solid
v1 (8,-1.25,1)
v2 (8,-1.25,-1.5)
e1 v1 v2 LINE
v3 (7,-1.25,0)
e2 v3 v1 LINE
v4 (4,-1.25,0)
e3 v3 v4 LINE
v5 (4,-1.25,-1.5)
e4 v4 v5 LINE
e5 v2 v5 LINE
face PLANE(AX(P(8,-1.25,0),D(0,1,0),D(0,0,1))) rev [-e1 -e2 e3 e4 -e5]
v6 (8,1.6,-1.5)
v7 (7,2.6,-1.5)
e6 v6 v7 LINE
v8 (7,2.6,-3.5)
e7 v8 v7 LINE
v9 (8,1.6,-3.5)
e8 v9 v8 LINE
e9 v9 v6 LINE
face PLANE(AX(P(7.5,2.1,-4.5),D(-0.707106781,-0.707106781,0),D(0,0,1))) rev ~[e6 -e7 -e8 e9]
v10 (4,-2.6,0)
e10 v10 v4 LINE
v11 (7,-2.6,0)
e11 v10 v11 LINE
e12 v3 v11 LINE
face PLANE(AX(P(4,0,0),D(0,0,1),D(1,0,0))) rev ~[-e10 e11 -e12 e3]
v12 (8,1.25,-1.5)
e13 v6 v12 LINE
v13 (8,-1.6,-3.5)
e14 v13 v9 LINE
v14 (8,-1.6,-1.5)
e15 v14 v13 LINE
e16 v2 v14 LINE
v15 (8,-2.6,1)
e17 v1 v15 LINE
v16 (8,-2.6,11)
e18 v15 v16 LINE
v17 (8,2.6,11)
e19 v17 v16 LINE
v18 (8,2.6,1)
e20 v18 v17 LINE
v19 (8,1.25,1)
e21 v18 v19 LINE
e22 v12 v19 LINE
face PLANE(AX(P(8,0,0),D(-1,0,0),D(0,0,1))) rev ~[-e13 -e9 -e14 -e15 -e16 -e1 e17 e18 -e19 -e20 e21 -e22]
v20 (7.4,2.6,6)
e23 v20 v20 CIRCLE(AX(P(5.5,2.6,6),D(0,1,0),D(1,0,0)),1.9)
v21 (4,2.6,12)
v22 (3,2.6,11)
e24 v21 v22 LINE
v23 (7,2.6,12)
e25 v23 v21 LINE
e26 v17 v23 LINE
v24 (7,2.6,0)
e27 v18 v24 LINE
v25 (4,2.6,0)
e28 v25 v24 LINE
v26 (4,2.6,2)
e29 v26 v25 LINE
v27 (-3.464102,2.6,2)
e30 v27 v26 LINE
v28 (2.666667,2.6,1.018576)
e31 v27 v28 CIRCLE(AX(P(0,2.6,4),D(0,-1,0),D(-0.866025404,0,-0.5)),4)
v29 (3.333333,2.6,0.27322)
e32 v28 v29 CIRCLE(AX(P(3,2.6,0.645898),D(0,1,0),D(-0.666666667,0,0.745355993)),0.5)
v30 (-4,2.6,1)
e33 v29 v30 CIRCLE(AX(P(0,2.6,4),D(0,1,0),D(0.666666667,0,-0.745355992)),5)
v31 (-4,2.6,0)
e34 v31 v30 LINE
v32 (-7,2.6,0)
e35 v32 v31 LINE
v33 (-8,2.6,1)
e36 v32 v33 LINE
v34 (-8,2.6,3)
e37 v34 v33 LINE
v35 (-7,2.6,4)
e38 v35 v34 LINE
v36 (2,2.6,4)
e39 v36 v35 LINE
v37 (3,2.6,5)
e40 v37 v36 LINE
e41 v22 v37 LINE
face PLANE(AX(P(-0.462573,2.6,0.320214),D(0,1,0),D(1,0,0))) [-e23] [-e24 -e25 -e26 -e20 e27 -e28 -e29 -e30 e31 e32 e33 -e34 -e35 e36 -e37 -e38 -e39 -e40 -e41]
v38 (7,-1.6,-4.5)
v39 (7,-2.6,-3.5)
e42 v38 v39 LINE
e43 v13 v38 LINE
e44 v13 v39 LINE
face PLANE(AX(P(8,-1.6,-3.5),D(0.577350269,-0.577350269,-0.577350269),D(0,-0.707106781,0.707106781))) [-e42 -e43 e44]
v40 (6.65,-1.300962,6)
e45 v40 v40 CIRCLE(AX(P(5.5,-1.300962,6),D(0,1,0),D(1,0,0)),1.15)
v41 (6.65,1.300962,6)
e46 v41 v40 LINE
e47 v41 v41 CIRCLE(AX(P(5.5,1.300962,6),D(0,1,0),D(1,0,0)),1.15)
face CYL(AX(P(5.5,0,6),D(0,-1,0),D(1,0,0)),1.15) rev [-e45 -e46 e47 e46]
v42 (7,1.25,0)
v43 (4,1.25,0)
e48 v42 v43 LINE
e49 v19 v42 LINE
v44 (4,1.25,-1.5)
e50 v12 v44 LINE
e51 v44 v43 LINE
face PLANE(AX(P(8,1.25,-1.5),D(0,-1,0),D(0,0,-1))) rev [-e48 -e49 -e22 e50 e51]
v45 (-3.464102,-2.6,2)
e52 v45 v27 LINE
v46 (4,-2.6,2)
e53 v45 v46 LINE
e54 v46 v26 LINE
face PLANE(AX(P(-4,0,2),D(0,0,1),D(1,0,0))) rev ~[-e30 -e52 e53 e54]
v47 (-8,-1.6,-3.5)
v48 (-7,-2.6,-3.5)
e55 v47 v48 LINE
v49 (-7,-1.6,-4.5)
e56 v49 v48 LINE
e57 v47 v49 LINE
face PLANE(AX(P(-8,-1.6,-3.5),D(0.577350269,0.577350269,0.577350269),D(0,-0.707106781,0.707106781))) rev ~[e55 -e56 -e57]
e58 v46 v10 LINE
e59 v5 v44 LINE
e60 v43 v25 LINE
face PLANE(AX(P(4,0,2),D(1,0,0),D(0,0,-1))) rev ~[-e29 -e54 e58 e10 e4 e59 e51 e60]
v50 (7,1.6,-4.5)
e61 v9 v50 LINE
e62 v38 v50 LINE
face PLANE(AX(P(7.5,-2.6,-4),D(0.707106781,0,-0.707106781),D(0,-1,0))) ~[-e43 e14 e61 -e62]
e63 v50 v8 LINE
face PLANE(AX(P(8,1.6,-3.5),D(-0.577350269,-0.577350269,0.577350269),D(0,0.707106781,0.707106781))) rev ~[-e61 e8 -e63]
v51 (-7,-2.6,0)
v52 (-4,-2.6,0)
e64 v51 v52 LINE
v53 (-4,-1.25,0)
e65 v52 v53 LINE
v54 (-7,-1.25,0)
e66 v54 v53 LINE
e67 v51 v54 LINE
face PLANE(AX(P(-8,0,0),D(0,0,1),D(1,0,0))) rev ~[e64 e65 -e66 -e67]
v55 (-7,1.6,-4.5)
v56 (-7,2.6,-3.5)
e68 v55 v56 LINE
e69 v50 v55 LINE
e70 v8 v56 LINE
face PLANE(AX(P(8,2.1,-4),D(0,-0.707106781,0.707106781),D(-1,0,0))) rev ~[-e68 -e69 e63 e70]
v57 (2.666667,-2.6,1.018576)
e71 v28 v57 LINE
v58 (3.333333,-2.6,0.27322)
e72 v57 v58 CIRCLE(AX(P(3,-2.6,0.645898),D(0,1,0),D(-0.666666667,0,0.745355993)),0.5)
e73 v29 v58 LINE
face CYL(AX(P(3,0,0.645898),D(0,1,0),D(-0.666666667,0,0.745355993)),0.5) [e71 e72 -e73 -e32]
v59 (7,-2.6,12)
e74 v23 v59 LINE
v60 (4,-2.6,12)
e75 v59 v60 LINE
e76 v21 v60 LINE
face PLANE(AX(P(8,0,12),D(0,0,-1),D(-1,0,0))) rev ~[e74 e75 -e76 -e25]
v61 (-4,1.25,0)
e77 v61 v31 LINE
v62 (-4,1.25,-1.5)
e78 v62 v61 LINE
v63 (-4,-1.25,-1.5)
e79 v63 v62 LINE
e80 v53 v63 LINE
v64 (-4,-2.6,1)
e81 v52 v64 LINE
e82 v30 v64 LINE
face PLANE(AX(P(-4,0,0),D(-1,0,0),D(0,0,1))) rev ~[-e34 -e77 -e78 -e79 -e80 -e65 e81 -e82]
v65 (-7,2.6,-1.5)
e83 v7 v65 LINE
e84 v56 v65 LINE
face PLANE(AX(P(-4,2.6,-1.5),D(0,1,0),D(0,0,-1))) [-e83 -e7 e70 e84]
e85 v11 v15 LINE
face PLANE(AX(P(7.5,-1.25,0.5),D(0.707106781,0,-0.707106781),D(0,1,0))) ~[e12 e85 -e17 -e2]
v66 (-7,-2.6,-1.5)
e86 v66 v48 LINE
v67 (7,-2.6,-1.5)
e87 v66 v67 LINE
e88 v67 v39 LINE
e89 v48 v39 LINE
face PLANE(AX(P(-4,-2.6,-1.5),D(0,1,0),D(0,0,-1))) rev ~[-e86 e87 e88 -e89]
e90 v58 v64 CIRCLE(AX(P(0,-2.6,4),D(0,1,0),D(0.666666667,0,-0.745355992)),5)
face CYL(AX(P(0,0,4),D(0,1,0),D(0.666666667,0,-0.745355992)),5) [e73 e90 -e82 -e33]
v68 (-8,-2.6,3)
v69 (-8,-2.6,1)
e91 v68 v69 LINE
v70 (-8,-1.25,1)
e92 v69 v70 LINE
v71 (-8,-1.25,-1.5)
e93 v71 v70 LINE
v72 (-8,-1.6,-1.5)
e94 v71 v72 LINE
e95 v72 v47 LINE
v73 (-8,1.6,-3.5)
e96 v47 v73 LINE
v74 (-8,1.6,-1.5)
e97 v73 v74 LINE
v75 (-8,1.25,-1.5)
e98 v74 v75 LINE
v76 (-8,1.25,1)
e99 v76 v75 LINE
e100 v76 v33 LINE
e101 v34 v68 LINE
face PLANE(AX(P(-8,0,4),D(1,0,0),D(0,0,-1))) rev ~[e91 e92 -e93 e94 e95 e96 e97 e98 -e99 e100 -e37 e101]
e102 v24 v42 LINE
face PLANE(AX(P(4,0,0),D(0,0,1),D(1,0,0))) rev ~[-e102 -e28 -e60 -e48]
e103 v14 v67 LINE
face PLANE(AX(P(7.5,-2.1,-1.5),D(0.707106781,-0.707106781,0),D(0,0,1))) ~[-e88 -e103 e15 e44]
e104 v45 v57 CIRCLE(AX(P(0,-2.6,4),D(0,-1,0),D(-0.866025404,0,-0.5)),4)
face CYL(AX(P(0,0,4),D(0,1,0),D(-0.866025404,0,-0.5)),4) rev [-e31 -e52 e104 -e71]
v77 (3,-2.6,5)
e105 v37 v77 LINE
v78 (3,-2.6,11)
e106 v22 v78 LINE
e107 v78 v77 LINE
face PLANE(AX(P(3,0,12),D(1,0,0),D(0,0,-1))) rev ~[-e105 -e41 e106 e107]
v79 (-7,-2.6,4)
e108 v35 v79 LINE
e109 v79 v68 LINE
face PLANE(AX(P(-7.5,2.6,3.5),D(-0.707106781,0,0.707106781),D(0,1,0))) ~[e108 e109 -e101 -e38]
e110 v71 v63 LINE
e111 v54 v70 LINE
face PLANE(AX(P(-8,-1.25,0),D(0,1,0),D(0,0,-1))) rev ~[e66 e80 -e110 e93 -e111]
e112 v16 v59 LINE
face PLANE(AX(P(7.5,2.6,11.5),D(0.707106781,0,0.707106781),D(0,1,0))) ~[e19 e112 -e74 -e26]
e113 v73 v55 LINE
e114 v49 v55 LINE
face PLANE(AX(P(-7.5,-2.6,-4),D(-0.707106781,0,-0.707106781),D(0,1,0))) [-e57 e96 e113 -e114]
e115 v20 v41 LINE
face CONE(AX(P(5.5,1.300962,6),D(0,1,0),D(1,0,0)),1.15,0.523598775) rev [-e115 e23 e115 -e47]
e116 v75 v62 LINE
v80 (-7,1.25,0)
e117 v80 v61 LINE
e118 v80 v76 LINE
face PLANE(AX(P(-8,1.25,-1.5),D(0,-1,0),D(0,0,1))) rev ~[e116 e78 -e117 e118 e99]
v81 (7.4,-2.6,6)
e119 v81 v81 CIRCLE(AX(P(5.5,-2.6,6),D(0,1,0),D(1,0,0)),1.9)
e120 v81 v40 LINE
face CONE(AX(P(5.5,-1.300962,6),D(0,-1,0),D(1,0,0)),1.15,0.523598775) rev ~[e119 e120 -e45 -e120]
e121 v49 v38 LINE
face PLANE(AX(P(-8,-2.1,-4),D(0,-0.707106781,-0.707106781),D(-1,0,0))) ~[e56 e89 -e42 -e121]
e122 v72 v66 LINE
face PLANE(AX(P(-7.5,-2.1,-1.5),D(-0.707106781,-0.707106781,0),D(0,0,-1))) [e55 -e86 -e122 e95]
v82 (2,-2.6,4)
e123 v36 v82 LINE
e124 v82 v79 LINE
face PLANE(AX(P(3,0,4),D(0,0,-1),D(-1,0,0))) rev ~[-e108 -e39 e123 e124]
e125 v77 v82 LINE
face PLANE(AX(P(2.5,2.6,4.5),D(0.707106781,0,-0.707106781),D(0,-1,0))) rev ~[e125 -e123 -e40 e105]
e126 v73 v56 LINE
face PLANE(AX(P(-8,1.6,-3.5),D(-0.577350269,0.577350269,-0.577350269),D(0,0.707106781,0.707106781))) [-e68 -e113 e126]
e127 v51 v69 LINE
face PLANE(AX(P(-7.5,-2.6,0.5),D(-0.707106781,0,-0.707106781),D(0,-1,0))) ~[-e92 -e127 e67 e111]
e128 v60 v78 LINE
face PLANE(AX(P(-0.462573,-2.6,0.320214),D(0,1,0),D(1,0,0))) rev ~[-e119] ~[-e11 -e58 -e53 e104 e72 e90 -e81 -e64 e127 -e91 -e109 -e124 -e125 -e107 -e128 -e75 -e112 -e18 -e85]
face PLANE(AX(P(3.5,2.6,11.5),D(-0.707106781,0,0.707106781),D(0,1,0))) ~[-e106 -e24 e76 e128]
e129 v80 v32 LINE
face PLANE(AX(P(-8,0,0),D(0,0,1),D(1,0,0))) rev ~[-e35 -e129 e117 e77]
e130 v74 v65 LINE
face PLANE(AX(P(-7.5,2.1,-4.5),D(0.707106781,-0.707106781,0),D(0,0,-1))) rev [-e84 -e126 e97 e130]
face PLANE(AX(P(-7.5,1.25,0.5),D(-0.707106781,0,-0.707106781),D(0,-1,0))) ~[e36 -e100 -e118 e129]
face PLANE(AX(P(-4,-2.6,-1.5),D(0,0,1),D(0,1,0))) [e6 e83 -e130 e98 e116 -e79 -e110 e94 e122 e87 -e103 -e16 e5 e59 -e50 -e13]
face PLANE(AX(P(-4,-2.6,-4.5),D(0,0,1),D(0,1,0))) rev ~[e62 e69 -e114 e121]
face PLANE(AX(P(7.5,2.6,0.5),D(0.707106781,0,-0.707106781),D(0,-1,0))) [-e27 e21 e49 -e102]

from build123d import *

# Parameters (mm, degrees)
SKETCH1_R             = 1.15
BOSS_EXTRUDE1_DEPTH   = 2.6
BOSS_EXTRUDE2_DEPTH   = 4
SKETCH3_W             = 3
SKETCH3_H             = 5.2
BOSS_EXTRUDE3_DEPTH   = 8
BOSS_EXTRUDE4_DEPTH   = 2.6
CHAMFER1_SIZE         = 1
CHAMFER2_SIZE         = 0.75
CHAMFER2_SIZE2        = 1.299038106
CHAMFER2_PART_2_SIZE  = 0.75
CHAMFER2_PART_2_SIZE2 = 1.299038106


with BuildPart() as part:
    # Sketch1 → Boss-Extrude1 (new body, symmetric)
    with BuildSketch(Plane(origin=(0, 0, 0), x_dir=(1, 0, 0), z_dir=(0, 1, 0))):
        Polygon((4, 0), (8, 0), (8, -12), (3, -12), (3, -4), (-8, -4), (-8, 0), (-4, 0), (-4, -2), (4, -2), align=None)
        with Locations((5.5, -6)):
            Circle(SKETCH1_R, mode=Mode.SUBTRACT)
    extrude(amount=BOSS_EXTRUDE1_DEPTH, both=True)

    # Sketch2 → Boss-Extrude2 (add)
    with BuildSketch(Plane.ZY.offset(8)):
        Polygon((-1.5, -1.25), (-1.5, -2.6), (-4.5, -2.6), (-4.5, 2.6), (-1.5, 2.6), (-1.5, 1.25), (0, 1.25), (0, -1.25), align=None)
    boss_extrude2 = extrude(amount=-BOSS_EXTRUDE2_DEPTH)

    # Mirror1: Boss-Extrude2 across plane
    add(boss_extrude2.mirror(Plane(origin=(0, 0, 0), x_dir=(0, 0, 1), z_dir=(1, 0, 0))))

    # Sketch3 → Boss-Extrude3 (add)
    with BuildSketch(Plane(origin=(-4, 0, 0), x_dir=(0, 0, -1), z_dir=(1, 0, 0))):
        with Locations((3, 0)):
            Rectangle(SKETCH3_W, SKETCH3_H)
    extrude(amount=BOSS_EXTRUDE3_DEPTH)

    # Sketch4 → Boss-Extrude4 (add, symmetric)
    with BuildSketch(Plane(origin=(0, 0, 0), x_dir=(1, 0, 0), z_dir=(0, 1, 0))):
        with BuildLine():
            Line((-4, -1), (-4, -2))
            Line((-4, -2), (-3.464101615, -2))
            ThreePointArc((-3.464101615, -2), (-0.63227674, -0.050287843), (2.666666667, -1.01857603))
            ThreePointArc((2.666666667, -1.01857603), (3.372677996, -0.979231367), (3.333333333, -0.273220038))
            ThreePointArc((3.333333333, -0.273220038), (-0.493116, 0.975624243), (-4, -1))
        make_face()
    extrude(amount=BOSS_EXTRUDE4_DEPTH, both=True)

    # Chamfer1
    chamfer1_edges = [part.edges().sort_by_distance(p)[0] for p in [
        (-8, 1.925, 0),
        (8, 1.925, 0),
        (8, 0, 12),
        (3, 0, 12),
        (3, 0, 4),
        (-8, 0, 4),
        (-8, -1.925, 0),
        (0, -2.6, -4.5),
        (0, 2.6, -4.5),
        (-8, 0, -4.5),
        (-8, -2.6, -3),
        (-8, 2.6, -3),
        (8, -1.925, 0),
        (8, 0, -4.5),
        (8, -2.6, -3),
        (8, 2.6, -3),
    ]]
    chamfer(chamfer1_edges, length=CHAMFER1_SIZE)

    # Chamfer2
    chamfer2_edges = [part.edges().sort_by_distance(p)[0] for p in [
        (4.35, -2.6, 6),
    ]]
    chamfer2_side = [part.faces().sort_by_distance(p)[0] for p in [
        (5.5, -2.6, 0.206155281),
    ]]
    chamfer(chamfer2_edges, length=CHAMFER2_SIZE, length2=CHAMFER2_SIZE2, reference=chamfer2_side[0])

    # Chamfer2 part 2
    chamfer2_part_2_edges = [part.edges().sort_by_distance(p)[0] for p in [
        (4.35, 2.6, 6),
    ]]
    chamfer2_part_2_side = [part.faces().sort_by_distance(p)[0] for p in [
        (5.5, 2.6, 0.206155281),
    ]]
    chamfer(chamfer2_part_2_edges, length=CHAMFER2_PART_2_SIZE, length2=CHAMFER2_PART_2_SIZE2, reference=chamfer2_part_2_side[0])


solid = part.part
